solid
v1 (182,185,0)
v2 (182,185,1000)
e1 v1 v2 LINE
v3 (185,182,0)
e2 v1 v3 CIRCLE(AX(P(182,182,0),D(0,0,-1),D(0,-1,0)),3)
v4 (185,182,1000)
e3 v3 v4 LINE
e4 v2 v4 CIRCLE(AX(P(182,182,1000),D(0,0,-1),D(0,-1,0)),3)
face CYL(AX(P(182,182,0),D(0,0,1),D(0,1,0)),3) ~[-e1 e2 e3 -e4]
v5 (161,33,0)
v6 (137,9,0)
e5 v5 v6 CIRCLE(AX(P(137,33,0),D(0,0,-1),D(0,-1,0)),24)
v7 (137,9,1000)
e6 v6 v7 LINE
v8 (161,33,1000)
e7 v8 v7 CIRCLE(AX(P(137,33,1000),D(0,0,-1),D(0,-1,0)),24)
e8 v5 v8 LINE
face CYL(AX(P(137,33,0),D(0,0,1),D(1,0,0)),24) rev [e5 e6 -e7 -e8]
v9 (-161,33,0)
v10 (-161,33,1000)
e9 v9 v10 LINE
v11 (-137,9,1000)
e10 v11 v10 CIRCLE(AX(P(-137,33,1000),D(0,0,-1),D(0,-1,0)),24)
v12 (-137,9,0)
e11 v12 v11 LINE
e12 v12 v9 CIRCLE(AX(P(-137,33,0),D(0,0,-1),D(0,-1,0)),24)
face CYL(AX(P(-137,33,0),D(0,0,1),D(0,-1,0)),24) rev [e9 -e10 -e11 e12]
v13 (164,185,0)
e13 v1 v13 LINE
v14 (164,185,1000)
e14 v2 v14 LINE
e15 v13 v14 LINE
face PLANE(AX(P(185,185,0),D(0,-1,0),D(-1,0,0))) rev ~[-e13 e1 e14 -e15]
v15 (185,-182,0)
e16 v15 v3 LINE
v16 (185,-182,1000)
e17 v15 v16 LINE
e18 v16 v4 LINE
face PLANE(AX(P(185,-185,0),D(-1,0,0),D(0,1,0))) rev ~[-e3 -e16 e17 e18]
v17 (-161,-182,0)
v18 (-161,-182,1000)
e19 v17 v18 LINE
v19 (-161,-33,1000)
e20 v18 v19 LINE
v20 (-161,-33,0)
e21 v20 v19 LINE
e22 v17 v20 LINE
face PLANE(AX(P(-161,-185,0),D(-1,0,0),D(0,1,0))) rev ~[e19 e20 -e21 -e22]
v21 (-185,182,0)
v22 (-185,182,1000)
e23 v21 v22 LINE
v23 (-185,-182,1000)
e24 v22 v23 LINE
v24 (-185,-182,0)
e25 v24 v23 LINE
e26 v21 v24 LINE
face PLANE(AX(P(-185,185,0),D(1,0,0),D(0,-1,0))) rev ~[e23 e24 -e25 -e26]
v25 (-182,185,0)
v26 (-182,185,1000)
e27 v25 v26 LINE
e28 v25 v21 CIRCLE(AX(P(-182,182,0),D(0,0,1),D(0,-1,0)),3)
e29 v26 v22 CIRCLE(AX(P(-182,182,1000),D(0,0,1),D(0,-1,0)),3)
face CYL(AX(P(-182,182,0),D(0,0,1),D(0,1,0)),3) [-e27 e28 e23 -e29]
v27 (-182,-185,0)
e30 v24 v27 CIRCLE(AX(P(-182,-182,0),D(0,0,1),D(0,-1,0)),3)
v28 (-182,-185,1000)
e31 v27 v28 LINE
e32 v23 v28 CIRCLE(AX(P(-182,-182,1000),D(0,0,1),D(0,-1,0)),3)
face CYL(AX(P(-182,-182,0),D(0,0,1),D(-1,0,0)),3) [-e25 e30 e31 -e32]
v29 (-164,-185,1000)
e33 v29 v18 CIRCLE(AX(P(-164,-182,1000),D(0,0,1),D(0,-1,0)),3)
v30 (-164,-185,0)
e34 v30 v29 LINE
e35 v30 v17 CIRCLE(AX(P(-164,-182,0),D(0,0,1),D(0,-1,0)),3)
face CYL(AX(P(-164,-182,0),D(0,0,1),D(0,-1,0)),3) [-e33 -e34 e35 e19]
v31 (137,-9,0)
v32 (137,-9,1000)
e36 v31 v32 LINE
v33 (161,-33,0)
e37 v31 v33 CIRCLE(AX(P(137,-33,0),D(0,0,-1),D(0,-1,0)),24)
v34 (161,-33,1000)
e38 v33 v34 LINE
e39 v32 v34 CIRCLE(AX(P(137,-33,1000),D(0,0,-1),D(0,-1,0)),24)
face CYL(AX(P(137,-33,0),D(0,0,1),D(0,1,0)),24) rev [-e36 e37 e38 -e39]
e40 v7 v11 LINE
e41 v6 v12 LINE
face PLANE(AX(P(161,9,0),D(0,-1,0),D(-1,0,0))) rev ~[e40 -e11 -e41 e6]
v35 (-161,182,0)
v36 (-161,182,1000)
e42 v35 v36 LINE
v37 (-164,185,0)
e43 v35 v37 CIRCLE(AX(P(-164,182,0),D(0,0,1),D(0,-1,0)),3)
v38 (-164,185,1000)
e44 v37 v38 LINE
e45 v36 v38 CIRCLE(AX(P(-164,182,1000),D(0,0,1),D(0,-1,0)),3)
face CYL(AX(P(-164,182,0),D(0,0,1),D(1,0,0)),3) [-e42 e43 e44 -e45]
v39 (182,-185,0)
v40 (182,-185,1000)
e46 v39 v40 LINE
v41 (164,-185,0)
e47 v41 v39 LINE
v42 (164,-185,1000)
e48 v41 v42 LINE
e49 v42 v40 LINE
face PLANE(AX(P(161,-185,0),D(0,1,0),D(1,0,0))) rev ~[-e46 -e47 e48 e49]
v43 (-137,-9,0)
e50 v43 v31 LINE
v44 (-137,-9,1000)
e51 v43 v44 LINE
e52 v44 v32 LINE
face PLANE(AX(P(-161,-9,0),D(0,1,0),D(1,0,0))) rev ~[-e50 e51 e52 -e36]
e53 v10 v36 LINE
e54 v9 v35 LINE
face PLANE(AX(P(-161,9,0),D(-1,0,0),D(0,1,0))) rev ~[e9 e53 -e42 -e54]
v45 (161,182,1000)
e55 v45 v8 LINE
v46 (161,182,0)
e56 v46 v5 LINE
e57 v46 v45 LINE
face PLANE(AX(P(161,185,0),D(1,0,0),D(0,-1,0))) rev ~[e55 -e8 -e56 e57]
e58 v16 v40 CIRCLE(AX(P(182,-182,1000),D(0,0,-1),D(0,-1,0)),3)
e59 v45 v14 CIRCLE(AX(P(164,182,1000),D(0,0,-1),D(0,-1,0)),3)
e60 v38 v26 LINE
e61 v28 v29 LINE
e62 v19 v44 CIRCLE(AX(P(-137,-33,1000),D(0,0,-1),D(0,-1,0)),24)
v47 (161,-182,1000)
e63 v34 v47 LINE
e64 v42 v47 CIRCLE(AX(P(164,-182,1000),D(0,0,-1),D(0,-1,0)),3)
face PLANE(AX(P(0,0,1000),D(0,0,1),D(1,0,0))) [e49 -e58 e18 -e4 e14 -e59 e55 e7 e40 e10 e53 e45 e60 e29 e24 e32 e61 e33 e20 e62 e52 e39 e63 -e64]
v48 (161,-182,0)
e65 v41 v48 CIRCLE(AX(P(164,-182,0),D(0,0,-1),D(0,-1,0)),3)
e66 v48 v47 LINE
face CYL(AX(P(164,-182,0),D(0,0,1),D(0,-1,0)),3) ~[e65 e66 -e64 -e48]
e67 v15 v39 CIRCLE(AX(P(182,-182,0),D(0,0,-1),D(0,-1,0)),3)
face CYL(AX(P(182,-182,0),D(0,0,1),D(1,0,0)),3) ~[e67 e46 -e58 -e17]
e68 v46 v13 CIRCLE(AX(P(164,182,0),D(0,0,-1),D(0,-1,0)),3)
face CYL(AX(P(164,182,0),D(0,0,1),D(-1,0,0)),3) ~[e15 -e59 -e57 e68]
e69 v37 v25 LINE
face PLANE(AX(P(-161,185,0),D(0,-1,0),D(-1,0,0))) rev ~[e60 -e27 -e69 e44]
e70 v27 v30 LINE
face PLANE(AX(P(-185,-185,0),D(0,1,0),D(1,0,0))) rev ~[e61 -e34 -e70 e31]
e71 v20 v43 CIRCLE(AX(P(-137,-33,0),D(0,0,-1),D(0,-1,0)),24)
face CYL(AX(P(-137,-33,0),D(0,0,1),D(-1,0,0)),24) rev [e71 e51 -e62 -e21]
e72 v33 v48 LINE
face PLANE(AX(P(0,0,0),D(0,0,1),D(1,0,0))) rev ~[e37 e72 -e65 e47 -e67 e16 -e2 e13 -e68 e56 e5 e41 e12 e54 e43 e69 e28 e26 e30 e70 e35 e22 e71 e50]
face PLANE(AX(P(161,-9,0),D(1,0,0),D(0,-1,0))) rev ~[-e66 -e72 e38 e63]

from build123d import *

# Parameters (mm, degrees)
F1_DEPTH = 1000
F2_R     = 24
F3_R     = 3


with BuildPart() as f1:
    # F0 (on Top) → F1 (new body)
    with BuildSketch(Plane.XY):
        Polygon((185, -185), (185, 185), (161, 185), (161, 9), (-161, 9), (-161, 185), (-185, 185), (-185, -185), (-161, -185), (-161, -9), (161, -9), (161, -185), align=None)
    extrude(amount=F1_DEPTH)

    # F2
    f2_edges = [f1.edges().sort_by_distance(p)[0] for p in [
        (-161, -9, 500),
        (161, -9, 500),
        (161, 9, 500),
        (-161, 9, 500),
    ]]
    fillet(f2_edges, radius=F2_R)

    # F3
    f3_edges = [f1.edges().sort_by_distance(p)[0] for p in [
        (161, 185, 500),
        (185, 185, 500),
        (-161, 185, 500),
        (-185, 185, 500),
        (185, -185, 500),
        (161, -185, 500),
        (-185, -185, 500),
        (-161, -185, 500),
    ]]
    fillet(f3_edges, radius=F3_R)


solid = f1.part
